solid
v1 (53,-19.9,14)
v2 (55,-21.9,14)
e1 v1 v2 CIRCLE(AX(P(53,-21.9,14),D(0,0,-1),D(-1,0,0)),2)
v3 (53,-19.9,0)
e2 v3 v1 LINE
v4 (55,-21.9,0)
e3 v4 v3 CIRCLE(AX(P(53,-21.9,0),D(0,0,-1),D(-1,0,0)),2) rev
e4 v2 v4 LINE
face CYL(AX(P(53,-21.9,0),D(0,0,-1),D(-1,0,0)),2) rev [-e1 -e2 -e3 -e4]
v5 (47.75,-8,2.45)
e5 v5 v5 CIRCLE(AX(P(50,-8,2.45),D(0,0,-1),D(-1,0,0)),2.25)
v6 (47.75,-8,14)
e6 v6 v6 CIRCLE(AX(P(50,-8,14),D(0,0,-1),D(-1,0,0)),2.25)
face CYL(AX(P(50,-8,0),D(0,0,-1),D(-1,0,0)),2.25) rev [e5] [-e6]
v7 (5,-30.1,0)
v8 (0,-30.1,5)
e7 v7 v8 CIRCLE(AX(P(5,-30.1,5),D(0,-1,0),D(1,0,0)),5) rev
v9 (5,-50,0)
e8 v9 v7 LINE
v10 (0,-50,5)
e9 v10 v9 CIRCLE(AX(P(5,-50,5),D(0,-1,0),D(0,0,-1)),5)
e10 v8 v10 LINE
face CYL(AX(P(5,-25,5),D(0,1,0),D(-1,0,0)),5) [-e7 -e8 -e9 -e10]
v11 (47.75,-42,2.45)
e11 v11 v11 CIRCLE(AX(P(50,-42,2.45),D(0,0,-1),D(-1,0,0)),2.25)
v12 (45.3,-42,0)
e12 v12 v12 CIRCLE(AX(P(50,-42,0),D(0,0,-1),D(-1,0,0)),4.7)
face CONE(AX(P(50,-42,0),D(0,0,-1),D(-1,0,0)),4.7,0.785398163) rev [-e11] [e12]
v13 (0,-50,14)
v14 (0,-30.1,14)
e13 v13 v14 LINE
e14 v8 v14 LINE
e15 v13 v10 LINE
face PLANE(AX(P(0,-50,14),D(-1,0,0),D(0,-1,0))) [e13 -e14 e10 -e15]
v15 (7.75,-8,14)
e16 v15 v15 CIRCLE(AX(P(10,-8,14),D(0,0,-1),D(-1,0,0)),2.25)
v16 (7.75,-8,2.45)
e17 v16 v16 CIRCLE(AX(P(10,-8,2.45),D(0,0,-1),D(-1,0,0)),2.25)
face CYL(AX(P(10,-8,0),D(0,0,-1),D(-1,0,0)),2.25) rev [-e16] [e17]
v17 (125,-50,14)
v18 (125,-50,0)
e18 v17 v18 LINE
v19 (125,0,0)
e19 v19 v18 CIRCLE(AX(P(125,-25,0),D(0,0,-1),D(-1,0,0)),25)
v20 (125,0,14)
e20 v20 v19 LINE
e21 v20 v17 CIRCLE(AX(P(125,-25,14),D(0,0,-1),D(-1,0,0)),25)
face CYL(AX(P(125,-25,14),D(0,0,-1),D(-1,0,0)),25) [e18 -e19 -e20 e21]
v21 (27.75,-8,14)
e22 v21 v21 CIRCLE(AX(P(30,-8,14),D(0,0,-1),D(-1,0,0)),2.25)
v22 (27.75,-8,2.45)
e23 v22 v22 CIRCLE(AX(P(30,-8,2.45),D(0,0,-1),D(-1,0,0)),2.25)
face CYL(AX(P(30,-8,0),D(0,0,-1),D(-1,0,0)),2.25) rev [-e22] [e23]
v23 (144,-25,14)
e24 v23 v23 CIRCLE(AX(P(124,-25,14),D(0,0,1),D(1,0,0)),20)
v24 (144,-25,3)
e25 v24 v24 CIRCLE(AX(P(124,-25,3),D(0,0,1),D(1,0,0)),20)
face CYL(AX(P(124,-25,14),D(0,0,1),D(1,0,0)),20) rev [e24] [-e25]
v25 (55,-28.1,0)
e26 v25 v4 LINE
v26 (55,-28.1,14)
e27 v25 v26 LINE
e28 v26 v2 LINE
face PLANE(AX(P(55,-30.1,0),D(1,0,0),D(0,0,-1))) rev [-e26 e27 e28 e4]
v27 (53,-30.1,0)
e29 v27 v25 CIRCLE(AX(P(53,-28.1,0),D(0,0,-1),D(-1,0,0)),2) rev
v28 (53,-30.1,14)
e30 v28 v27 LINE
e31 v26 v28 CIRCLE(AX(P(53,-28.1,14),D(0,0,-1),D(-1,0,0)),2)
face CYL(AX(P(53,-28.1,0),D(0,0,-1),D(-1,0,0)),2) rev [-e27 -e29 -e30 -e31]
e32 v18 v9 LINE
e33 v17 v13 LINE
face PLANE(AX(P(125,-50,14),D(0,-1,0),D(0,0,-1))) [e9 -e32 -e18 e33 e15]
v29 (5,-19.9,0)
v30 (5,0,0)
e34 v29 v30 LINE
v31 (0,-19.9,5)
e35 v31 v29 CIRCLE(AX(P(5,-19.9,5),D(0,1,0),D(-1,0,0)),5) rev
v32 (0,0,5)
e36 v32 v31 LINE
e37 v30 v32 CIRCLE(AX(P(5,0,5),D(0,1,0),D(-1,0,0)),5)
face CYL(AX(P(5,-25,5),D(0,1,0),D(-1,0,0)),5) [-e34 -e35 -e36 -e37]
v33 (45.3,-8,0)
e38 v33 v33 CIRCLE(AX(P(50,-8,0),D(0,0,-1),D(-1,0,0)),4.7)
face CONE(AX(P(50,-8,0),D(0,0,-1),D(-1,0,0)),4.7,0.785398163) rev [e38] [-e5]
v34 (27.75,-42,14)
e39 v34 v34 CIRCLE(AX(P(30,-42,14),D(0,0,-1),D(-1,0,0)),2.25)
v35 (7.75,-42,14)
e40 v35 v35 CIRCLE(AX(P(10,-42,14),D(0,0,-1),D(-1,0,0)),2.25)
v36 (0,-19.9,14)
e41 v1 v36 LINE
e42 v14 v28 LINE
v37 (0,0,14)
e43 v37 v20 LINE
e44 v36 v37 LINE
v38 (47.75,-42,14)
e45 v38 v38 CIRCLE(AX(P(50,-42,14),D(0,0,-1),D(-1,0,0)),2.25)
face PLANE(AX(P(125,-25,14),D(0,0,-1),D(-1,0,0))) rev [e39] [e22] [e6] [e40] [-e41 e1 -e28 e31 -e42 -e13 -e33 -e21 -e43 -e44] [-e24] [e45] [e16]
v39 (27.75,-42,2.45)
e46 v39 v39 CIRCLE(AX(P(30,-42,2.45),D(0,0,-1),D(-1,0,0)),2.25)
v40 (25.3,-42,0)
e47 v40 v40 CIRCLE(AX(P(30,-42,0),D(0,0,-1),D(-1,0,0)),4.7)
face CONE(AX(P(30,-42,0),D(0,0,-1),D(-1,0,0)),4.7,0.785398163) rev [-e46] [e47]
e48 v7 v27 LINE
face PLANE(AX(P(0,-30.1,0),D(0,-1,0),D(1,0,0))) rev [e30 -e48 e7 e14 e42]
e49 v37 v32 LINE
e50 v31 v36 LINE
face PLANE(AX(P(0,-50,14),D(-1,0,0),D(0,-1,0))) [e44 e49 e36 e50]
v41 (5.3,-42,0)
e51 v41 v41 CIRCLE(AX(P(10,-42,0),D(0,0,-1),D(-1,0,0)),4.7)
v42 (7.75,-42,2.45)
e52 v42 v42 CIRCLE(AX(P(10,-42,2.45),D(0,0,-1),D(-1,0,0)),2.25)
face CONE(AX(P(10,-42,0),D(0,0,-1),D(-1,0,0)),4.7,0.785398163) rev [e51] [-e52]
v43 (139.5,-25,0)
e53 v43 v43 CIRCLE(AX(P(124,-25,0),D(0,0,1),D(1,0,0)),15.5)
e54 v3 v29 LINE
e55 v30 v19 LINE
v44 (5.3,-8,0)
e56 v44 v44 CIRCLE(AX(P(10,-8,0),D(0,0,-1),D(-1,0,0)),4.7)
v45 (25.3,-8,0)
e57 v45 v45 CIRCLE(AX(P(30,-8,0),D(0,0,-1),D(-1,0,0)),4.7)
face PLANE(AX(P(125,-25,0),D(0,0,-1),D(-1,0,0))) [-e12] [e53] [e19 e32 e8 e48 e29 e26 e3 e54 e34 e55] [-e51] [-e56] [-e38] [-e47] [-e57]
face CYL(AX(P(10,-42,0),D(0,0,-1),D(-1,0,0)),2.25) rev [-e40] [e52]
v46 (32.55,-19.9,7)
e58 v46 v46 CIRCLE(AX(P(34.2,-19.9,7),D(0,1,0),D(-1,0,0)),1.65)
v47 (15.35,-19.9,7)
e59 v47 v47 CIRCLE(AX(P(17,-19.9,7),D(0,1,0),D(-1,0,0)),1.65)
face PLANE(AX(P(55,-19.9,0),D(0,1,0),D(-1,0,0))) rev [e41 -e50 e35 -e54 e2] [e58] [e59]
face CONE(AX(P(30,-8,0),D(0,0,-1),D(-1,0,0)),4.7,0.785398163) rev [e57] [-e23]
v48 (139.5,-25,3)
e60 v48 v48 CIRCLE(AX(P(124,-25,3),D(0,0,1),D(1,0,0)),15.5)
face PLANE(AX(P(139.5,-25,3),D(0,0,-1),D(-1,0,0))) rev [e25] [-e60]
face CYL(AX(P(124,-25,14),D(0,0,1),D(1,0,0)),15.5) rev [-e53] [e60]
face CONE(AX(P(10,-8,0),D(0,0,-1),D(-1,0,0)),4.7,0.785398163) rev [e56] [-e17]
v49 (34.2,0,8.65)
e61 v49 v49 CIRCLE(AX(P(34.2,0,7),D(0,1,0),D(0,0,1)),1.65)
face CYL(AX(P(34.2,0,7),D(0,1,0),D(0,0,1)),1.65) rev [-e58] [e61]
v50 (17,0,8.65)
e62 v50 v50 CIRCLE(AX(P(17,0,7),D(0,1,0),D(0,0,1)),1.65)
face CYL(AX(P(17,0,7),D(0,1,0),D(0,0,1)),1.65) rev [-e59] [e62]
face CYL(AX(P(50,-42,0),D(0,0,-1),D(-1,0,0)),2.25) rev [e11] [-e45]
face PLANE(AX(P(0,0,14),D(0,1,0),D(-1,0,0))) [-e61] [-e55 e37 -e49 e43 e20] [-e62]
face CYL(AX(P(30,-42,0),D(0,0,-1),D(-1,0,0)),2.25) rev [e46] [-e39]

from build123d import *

# Parameters (mm, degrees)
BOSS_EXTRUDE1_DEPTH                             = 14
SKETCH2_W                                       = 55
SKETCH2_H                                       = 10.2
CUT_EXTRUDE1_DEPTH                              = 159.732479348
CSK_FOR_M4_FLAT_HEAD_MACHINE_SCREW1_D           = 4.5
CSK_FOR_M4_FLAT_HEAD_MACHINE_SCREW1_CSINK_D     = 9.4
CSK_FOR_M4_FLAT_HEAD_MACHINE_SCREW1_CSINK_ANGLE = 90
M4X0_7_TAPPED_HOLE1_D                           = 3.3
M4X0_7_TAPPED_HOLE1_DEPTH                       = 19.899999999
HOLE1_D                                         = 31.000000009
HOLE1_CBORE_D                                   = 40.00000001
HOLE1_CBORE_DEPTH                               = 11
FILLET1_R                                       = 2
FILLET2_R                                       = 5


with BuildPart() as part:
    # Sketch1 → Boss-Extrude1 (new body)
    with BuildSketch(Plane(origin=(0, 0, 0), x_dir=(-1, 0, 0), z_dir=(0, 0, -1))):
        with BuildLine():
            Line((0, 0), (-125, 0))
            ThreePointArc((-125, 0), (-150, -25), (-125, -50))
            Line((-125, -50), (0, -50))
            Line((0, -50), (0, 0))
        make_face()
    extrude(amount=-BOSS_EXTRUDE1_DEPTH)

    # Sketch2 → Cut-Extrude1 (cut, through all)
    with BuildSketch(Plane.XY.offset(14)):
        with Locations((27.5, -24.999999999)):
            Rectangle(SKETCH2_W, SKETCH2_H)
    extrude(amount=-CUT_EXTRUDE1_DEPTH, mode=Mode.SUBTRACT)

    # CSK for M4 Flat Head Machine Screw1 (through all)
    with Locations(Plane(origin=(0, 0, 0), x_dir=(-1, 0, 0), z_dir=(0, 0, -1))):
        with Locations((-10, -8), (-10, -42), (-30, -42), (-30, -8), (-50, -8), (-50, -42)):
            CounterSinkHole(CSK_FOR_M4_FLAT_HEAD_MACHINE_SCREW1_D / 2, CSK_FOR_M4_FLAT_HEAD_MACHINE_SCREW1_CSINK_D / 2, counter_sink_angle=CSK_FOR_M4_FLAT_HEAD_MACHINE_SCREW1_CSINK_ANGLE)

    # M4x0.7 Tapped Hole1
    with Locations(Plane(origin=(0, 0, 0), x_dir=(1, 0, 0), z_dir=(0, 1, 0))):
        with Locations((17, -7), (34.2, -7)):
            Hole(M4X0_7_TAPPED_HOLE1_D / 2, depth=M4X0_7_TAPPED_HOLE1_DEPTH)

    # Hole1 (through all)
    with Locations(Plane.XY.offset(14)):
        with Locations((123.999999995, -24.999999999)):
            CounterBoreHole(HOLE1_D / 2, HOLE1_CBORE_D / 2, HOLE1_CBORE_DEPTH)

    # Fillet1
    fillet1_edges = [part.edges().sort_by_distance(p)[0] for p in [
        (55, -19.899999999, 7),
        (55, -30.099999999, 7),
    ]]
    fillet(fillet1_edges, radius=FILLET1_R)

    # Fillet2
    fillet2_edges = [part.edges().sort_by_distance(p)[0] for p in [
        (0, -9.95, 0),
        (0, -40.05, 0),
    ]]
    fillet(fillet2_edges, radius=FILLET2_R)


solid = part.part
